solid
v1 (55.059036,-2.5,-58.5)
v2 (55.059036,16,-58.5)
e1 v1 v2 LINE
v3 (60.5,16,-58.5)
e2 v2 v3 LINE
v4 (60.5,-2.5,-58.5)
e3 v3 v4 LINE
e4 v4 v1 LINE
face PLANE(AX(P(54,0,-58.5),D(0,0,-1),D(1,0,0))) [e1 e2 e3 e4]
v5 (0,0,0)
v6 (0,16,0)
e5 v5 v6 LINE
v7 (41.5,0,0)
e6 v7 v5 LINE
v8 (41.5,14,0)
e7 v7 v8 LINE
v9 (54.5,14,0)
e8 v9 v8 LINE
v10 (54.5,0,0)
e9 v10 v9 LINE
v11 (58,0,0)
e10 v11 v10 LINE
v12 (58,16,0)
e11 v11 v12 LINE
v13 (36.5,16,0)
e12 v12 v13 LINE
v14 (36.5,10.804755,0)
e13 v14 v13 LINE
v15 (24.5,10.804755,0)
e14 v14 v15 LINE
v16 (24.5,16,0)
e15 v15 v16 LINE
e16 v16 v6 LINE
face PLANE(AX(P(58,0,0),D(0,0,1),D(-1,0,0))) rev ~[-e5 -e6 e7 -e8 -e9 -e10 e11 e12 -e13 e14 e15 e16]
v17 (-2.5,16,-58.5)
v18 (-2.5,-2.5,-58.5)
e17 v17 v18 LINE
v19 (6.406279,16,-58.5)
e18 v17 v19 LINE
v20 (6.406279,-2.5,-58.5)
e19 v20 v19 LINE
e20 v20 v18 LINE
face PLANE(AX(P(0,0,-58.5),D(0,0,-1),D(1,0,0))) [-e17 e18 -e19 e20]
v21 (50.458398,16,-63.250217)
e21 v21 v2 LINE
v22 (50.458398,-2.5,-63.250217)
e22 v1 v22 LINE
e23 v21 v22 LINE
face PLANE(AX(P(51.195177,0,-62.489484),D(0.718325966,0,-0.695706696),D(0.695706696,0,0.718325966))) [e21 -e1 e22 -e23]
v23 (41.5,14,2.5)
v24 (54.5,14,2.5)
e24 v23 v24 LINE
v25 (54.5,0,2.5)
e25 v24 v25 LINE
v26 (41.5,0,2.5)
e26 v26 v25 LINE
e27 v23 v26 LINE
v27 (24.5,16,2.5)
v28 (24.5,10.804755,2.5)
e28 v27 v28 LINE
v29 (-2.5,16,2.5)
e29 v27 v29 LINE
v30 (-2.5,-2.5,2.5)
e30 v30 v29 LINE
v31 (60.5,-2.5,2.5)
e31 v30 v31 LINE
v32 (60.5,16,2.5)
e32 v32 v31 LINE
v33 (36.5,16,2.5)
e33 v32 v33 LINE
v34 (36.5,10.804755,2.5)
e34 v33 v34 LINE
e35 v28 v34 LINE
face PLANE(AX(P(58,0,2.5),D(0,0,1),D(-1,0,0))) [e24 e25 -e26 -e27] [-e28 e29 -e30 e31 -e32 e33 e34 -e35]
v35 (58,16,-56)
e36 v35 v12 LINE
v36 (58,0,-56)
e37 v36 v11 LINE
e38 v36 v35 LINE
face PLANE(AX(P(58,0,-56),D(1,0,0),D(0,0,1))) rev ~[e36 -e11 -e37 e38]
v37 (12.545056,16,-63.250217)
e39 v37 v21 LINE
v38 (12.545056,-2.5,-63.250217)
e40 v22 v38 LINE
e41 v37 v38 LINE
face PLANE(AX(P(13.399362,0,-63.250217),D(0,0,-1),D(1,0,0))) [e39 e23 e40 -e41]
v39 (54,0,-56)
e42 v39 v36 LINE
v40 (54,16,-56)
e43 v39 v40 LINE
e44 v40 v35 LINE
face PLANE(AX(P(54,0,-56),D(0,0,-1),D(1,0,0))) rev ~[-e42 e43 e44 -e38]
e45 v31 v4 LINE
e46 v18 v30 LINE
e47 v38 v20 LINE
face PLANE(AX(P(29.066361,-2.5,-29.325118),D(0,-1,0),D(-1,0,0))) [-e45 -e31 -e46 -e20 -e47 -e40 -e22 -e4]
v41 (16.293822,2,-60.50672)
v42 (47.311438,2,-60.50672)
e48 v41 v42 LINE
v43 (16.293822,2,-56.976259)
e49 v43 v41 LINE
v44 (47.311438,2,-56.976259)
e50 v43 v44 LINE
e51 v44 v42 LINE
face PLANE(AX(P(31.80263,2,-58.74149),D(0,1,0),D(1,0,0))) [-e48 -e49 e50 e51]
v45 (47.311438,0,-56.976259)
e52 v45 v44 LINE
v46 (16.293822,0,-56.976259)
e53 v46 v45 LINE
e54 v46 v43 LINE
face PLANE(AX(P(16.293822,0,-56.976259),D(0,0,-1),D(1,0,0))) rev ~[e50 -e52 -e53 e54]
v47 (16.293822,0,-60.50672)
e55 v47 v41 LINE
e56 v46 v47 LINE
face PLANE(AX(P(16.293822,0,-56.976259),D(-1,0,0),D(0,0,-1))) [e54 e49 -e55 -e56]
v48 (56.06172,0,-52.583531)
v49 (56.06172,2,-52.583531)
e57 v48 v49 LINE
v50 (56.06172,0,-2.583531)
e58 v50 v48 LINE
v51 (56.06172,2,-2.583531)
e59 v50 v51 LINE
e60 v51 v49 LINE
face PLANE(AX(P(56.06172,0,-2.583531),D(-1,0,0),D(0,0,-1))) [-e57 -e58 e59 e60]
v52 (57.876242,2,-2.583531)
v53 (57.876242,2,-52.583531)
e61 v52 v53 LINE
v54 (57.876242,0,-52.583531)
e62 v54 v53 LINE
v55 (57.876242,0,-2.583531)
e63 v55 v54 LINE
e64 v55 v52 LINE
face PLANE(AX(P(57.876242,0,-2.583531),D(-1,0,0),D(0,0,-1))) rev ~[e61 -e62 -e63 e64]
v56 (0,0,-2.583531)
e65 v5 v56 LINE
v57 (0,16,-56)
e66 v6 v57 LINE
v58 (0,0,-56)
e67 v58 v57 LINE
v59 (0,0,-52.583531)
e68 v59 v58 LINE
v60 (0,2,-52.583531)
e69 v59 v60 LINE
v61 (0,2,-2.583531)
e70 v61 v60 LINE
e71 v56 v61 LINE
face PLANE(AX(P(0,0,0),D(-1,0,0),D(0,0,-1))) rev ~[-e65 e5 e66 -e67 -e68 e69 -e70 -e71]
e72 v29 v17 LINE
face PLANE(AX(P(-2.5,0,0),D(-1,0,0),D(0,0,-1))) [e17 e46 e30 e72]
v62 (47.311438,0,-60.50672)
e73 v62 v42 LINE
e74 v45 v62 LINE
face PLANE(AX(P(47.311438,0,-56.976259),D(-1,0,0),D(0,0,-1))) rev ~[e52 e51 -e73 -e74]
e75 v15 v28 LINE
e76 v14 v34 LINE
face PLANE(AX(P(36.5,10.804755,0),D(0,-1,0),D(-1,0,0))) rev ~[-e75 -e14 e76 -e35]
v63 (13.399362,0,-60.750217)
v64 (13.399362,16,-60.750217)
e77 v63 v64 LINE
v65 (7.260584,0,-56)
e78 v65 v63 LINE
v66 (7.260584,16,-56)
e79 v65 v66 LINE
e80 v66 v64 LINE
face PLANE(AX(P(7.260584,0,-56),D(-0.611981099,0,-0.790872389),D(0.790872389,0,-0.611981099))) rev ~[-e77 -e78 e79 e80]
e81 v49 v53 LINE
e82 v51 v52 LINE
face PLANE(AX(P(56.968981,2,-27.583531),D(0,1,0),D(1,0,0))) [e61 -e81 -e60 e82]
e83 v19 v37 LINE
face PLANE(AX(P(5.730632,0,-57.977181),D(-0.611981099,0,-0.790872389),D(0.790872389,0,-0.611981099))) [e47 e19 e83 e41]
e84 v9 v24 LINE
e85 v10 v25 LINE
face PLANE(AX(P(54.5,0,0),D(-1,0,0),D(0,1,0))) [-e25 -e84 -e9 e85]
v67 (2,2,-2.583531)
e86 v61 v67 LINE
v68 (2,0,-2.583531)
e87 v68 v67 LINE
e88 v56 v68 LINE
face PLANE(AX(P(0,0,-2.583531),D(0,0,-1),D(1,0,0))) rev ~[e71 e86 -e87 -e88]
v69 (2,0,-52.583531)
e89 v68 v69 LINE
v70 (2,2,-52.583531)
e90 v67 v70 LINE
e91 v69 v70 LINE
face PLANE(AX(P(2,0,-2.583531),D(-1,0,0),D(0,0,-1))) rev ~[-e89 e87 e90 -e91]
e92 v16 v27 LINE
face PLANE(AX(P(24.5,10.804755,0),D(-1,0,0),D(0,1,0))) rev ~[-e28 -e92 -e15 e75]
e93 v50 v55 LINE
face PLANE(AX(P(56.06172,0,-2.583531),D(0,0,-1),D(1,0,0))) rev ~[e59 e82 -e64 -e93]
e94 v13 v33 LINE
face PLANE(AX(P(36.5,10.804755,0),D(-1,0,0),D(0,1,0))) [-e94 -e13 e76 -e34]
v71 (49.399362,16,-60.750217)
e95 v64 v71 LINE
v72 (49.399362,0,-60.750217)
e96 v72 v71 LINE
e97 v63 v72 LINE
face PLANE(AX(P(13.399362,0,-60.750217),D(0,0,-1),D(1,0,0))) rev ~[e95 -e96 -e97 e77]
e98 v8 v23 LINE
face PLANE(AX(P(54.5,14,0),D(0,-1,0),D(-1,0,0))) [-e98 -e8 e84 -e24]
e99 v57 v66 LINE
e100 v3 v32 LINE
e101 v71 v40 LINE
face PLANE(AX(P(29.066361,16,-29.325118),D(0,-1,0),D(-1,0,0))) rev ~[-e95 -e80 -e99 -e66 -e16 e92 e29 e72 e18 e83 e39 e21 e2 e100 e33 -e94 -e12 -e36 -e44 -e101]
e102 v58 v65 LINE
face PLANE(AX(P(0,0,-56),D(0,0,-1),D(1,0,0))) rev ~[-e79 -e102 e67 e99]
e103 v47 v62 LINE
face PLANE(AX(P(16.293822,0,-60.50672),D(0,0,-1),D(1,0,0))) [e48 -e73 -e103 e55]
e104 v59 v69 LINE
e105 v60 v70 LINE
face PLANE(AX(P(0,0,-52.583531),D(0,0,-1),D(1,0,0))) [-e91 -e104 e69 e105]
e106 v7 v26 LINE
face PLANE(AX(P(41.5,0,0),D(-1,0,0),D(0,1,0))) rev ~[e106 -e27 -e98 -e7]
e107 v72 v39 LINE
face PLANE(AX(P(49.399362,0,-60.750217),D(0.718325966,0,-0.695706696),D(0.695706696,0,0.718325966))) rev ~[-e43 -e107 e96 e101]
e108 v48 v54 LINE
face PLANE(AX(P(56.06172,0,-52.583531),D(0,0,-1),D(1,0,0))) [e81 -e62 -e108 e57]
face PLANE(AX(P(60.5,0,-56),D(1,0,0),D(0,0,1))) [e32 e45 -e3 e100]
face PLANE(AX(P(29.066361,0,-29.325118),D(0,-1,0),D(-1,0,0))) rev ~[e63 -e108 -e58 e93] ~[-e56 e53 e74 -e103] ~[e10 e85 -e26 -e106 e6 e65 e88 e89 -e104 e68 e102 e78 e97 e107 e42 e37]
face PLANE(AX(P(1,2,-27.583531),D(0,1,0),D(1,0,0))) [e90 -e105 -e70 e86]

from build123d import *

# Parameters (mm, degrees)
BOSS_EXTRUDE1_DEPTH = 16
SHELL1_T            = 2.5
SKETCH2_W           = 13
SKETCH2_H           = 14
SKETCH2_W_2         = 12
SKETCH2_H_2         = 5.195244662
CUT_EXTRUDE1_DEPTH  = 4
SKETCH3_W           = 2
SKETCH3_H           = 50
SKETCH3_W_2         = 1.814522713
BOSS_EXTRUDE2_DEPTH = 2
SKETCH4_W           = 31.017616101
SKETCH4_H           = 3.530460369
BOSS_EXTRUDE3_DEPTH = 2


with BuildPart() as part:
    # Sketch1 → Boss-Extrude1 (new body)
    with BuildSketch(Plane(origin=(0, 0, 0), x_dir=(1, 0, 0), z_dir=(0, 1, 0))):
        Polygon((0, 0), (0, 56), (7.260584432, 56), (13.399361706, 60.750217247), (49.399361706, 60.750217247), (54, 56), (58, 56), (58, 0), align=None)
    extrude(amount=BOSS_EXTRUDE1_DEPTH)

    # Shell1
    shell1_openings = [part.faces().sort_by_distance(p)[0] for p in [
        (29.113999919, 16, -29.727085855),
    ]]
    offset(amount=SHELL1_T, openings=shell1_openings, kind=Kind.INTERSECTION)

    # Sketch2 → Cut-Extrude1 (cut)
    with BuildSketch(Plane(origin=(0, 0, 0), x_dir=(-1, 0, 0), z_dir=(0, 0, -1))):
        with Locations((-48, 7)):
            Rectangle(SKETCH2_W, SKETCH2_H)
        with Locations((-30.5, 13.402377669)):
            Rectangle(SKETCH2_W_2, SKETCH2_H_2)
    extrude(amount=-CUT_EXTRUDE1_DEPTH, mode=Mode.SUBTRACT)

    # Sketch3 → Boss-Extrude2 (add)
    with BuildSketch(Plane(origin=(0, 0, 0), x_dir=(1, 0, 0), z_dir=(0, 1, 0))):
        with Locations((1, 27.58353092)):
            Rectangle(SKETCH3_W, SKETCH3_H)
        with Locations((56.968981121, 27.58353092)):
            Rectangle(SKETCH3_W_2, SKETCH3_H)
    extrude(amount=BOSS_EXTRUDE2_DEPTH)

    # Sketch4 → Boss-Extrude3 (add)
    with BuildSketch(Plane(origin=(0, 0, 0), x_dir=(1, 0, 0), z_dir=(0, 1, 0))):
        with Locations((31.80262956, 58.741489624)):
            Rectangle(SKETCH4_W, SKETCH4_H)
    extrude(amount=BOSS_EXTRUDE3_DEPTH)


solid = part.part
